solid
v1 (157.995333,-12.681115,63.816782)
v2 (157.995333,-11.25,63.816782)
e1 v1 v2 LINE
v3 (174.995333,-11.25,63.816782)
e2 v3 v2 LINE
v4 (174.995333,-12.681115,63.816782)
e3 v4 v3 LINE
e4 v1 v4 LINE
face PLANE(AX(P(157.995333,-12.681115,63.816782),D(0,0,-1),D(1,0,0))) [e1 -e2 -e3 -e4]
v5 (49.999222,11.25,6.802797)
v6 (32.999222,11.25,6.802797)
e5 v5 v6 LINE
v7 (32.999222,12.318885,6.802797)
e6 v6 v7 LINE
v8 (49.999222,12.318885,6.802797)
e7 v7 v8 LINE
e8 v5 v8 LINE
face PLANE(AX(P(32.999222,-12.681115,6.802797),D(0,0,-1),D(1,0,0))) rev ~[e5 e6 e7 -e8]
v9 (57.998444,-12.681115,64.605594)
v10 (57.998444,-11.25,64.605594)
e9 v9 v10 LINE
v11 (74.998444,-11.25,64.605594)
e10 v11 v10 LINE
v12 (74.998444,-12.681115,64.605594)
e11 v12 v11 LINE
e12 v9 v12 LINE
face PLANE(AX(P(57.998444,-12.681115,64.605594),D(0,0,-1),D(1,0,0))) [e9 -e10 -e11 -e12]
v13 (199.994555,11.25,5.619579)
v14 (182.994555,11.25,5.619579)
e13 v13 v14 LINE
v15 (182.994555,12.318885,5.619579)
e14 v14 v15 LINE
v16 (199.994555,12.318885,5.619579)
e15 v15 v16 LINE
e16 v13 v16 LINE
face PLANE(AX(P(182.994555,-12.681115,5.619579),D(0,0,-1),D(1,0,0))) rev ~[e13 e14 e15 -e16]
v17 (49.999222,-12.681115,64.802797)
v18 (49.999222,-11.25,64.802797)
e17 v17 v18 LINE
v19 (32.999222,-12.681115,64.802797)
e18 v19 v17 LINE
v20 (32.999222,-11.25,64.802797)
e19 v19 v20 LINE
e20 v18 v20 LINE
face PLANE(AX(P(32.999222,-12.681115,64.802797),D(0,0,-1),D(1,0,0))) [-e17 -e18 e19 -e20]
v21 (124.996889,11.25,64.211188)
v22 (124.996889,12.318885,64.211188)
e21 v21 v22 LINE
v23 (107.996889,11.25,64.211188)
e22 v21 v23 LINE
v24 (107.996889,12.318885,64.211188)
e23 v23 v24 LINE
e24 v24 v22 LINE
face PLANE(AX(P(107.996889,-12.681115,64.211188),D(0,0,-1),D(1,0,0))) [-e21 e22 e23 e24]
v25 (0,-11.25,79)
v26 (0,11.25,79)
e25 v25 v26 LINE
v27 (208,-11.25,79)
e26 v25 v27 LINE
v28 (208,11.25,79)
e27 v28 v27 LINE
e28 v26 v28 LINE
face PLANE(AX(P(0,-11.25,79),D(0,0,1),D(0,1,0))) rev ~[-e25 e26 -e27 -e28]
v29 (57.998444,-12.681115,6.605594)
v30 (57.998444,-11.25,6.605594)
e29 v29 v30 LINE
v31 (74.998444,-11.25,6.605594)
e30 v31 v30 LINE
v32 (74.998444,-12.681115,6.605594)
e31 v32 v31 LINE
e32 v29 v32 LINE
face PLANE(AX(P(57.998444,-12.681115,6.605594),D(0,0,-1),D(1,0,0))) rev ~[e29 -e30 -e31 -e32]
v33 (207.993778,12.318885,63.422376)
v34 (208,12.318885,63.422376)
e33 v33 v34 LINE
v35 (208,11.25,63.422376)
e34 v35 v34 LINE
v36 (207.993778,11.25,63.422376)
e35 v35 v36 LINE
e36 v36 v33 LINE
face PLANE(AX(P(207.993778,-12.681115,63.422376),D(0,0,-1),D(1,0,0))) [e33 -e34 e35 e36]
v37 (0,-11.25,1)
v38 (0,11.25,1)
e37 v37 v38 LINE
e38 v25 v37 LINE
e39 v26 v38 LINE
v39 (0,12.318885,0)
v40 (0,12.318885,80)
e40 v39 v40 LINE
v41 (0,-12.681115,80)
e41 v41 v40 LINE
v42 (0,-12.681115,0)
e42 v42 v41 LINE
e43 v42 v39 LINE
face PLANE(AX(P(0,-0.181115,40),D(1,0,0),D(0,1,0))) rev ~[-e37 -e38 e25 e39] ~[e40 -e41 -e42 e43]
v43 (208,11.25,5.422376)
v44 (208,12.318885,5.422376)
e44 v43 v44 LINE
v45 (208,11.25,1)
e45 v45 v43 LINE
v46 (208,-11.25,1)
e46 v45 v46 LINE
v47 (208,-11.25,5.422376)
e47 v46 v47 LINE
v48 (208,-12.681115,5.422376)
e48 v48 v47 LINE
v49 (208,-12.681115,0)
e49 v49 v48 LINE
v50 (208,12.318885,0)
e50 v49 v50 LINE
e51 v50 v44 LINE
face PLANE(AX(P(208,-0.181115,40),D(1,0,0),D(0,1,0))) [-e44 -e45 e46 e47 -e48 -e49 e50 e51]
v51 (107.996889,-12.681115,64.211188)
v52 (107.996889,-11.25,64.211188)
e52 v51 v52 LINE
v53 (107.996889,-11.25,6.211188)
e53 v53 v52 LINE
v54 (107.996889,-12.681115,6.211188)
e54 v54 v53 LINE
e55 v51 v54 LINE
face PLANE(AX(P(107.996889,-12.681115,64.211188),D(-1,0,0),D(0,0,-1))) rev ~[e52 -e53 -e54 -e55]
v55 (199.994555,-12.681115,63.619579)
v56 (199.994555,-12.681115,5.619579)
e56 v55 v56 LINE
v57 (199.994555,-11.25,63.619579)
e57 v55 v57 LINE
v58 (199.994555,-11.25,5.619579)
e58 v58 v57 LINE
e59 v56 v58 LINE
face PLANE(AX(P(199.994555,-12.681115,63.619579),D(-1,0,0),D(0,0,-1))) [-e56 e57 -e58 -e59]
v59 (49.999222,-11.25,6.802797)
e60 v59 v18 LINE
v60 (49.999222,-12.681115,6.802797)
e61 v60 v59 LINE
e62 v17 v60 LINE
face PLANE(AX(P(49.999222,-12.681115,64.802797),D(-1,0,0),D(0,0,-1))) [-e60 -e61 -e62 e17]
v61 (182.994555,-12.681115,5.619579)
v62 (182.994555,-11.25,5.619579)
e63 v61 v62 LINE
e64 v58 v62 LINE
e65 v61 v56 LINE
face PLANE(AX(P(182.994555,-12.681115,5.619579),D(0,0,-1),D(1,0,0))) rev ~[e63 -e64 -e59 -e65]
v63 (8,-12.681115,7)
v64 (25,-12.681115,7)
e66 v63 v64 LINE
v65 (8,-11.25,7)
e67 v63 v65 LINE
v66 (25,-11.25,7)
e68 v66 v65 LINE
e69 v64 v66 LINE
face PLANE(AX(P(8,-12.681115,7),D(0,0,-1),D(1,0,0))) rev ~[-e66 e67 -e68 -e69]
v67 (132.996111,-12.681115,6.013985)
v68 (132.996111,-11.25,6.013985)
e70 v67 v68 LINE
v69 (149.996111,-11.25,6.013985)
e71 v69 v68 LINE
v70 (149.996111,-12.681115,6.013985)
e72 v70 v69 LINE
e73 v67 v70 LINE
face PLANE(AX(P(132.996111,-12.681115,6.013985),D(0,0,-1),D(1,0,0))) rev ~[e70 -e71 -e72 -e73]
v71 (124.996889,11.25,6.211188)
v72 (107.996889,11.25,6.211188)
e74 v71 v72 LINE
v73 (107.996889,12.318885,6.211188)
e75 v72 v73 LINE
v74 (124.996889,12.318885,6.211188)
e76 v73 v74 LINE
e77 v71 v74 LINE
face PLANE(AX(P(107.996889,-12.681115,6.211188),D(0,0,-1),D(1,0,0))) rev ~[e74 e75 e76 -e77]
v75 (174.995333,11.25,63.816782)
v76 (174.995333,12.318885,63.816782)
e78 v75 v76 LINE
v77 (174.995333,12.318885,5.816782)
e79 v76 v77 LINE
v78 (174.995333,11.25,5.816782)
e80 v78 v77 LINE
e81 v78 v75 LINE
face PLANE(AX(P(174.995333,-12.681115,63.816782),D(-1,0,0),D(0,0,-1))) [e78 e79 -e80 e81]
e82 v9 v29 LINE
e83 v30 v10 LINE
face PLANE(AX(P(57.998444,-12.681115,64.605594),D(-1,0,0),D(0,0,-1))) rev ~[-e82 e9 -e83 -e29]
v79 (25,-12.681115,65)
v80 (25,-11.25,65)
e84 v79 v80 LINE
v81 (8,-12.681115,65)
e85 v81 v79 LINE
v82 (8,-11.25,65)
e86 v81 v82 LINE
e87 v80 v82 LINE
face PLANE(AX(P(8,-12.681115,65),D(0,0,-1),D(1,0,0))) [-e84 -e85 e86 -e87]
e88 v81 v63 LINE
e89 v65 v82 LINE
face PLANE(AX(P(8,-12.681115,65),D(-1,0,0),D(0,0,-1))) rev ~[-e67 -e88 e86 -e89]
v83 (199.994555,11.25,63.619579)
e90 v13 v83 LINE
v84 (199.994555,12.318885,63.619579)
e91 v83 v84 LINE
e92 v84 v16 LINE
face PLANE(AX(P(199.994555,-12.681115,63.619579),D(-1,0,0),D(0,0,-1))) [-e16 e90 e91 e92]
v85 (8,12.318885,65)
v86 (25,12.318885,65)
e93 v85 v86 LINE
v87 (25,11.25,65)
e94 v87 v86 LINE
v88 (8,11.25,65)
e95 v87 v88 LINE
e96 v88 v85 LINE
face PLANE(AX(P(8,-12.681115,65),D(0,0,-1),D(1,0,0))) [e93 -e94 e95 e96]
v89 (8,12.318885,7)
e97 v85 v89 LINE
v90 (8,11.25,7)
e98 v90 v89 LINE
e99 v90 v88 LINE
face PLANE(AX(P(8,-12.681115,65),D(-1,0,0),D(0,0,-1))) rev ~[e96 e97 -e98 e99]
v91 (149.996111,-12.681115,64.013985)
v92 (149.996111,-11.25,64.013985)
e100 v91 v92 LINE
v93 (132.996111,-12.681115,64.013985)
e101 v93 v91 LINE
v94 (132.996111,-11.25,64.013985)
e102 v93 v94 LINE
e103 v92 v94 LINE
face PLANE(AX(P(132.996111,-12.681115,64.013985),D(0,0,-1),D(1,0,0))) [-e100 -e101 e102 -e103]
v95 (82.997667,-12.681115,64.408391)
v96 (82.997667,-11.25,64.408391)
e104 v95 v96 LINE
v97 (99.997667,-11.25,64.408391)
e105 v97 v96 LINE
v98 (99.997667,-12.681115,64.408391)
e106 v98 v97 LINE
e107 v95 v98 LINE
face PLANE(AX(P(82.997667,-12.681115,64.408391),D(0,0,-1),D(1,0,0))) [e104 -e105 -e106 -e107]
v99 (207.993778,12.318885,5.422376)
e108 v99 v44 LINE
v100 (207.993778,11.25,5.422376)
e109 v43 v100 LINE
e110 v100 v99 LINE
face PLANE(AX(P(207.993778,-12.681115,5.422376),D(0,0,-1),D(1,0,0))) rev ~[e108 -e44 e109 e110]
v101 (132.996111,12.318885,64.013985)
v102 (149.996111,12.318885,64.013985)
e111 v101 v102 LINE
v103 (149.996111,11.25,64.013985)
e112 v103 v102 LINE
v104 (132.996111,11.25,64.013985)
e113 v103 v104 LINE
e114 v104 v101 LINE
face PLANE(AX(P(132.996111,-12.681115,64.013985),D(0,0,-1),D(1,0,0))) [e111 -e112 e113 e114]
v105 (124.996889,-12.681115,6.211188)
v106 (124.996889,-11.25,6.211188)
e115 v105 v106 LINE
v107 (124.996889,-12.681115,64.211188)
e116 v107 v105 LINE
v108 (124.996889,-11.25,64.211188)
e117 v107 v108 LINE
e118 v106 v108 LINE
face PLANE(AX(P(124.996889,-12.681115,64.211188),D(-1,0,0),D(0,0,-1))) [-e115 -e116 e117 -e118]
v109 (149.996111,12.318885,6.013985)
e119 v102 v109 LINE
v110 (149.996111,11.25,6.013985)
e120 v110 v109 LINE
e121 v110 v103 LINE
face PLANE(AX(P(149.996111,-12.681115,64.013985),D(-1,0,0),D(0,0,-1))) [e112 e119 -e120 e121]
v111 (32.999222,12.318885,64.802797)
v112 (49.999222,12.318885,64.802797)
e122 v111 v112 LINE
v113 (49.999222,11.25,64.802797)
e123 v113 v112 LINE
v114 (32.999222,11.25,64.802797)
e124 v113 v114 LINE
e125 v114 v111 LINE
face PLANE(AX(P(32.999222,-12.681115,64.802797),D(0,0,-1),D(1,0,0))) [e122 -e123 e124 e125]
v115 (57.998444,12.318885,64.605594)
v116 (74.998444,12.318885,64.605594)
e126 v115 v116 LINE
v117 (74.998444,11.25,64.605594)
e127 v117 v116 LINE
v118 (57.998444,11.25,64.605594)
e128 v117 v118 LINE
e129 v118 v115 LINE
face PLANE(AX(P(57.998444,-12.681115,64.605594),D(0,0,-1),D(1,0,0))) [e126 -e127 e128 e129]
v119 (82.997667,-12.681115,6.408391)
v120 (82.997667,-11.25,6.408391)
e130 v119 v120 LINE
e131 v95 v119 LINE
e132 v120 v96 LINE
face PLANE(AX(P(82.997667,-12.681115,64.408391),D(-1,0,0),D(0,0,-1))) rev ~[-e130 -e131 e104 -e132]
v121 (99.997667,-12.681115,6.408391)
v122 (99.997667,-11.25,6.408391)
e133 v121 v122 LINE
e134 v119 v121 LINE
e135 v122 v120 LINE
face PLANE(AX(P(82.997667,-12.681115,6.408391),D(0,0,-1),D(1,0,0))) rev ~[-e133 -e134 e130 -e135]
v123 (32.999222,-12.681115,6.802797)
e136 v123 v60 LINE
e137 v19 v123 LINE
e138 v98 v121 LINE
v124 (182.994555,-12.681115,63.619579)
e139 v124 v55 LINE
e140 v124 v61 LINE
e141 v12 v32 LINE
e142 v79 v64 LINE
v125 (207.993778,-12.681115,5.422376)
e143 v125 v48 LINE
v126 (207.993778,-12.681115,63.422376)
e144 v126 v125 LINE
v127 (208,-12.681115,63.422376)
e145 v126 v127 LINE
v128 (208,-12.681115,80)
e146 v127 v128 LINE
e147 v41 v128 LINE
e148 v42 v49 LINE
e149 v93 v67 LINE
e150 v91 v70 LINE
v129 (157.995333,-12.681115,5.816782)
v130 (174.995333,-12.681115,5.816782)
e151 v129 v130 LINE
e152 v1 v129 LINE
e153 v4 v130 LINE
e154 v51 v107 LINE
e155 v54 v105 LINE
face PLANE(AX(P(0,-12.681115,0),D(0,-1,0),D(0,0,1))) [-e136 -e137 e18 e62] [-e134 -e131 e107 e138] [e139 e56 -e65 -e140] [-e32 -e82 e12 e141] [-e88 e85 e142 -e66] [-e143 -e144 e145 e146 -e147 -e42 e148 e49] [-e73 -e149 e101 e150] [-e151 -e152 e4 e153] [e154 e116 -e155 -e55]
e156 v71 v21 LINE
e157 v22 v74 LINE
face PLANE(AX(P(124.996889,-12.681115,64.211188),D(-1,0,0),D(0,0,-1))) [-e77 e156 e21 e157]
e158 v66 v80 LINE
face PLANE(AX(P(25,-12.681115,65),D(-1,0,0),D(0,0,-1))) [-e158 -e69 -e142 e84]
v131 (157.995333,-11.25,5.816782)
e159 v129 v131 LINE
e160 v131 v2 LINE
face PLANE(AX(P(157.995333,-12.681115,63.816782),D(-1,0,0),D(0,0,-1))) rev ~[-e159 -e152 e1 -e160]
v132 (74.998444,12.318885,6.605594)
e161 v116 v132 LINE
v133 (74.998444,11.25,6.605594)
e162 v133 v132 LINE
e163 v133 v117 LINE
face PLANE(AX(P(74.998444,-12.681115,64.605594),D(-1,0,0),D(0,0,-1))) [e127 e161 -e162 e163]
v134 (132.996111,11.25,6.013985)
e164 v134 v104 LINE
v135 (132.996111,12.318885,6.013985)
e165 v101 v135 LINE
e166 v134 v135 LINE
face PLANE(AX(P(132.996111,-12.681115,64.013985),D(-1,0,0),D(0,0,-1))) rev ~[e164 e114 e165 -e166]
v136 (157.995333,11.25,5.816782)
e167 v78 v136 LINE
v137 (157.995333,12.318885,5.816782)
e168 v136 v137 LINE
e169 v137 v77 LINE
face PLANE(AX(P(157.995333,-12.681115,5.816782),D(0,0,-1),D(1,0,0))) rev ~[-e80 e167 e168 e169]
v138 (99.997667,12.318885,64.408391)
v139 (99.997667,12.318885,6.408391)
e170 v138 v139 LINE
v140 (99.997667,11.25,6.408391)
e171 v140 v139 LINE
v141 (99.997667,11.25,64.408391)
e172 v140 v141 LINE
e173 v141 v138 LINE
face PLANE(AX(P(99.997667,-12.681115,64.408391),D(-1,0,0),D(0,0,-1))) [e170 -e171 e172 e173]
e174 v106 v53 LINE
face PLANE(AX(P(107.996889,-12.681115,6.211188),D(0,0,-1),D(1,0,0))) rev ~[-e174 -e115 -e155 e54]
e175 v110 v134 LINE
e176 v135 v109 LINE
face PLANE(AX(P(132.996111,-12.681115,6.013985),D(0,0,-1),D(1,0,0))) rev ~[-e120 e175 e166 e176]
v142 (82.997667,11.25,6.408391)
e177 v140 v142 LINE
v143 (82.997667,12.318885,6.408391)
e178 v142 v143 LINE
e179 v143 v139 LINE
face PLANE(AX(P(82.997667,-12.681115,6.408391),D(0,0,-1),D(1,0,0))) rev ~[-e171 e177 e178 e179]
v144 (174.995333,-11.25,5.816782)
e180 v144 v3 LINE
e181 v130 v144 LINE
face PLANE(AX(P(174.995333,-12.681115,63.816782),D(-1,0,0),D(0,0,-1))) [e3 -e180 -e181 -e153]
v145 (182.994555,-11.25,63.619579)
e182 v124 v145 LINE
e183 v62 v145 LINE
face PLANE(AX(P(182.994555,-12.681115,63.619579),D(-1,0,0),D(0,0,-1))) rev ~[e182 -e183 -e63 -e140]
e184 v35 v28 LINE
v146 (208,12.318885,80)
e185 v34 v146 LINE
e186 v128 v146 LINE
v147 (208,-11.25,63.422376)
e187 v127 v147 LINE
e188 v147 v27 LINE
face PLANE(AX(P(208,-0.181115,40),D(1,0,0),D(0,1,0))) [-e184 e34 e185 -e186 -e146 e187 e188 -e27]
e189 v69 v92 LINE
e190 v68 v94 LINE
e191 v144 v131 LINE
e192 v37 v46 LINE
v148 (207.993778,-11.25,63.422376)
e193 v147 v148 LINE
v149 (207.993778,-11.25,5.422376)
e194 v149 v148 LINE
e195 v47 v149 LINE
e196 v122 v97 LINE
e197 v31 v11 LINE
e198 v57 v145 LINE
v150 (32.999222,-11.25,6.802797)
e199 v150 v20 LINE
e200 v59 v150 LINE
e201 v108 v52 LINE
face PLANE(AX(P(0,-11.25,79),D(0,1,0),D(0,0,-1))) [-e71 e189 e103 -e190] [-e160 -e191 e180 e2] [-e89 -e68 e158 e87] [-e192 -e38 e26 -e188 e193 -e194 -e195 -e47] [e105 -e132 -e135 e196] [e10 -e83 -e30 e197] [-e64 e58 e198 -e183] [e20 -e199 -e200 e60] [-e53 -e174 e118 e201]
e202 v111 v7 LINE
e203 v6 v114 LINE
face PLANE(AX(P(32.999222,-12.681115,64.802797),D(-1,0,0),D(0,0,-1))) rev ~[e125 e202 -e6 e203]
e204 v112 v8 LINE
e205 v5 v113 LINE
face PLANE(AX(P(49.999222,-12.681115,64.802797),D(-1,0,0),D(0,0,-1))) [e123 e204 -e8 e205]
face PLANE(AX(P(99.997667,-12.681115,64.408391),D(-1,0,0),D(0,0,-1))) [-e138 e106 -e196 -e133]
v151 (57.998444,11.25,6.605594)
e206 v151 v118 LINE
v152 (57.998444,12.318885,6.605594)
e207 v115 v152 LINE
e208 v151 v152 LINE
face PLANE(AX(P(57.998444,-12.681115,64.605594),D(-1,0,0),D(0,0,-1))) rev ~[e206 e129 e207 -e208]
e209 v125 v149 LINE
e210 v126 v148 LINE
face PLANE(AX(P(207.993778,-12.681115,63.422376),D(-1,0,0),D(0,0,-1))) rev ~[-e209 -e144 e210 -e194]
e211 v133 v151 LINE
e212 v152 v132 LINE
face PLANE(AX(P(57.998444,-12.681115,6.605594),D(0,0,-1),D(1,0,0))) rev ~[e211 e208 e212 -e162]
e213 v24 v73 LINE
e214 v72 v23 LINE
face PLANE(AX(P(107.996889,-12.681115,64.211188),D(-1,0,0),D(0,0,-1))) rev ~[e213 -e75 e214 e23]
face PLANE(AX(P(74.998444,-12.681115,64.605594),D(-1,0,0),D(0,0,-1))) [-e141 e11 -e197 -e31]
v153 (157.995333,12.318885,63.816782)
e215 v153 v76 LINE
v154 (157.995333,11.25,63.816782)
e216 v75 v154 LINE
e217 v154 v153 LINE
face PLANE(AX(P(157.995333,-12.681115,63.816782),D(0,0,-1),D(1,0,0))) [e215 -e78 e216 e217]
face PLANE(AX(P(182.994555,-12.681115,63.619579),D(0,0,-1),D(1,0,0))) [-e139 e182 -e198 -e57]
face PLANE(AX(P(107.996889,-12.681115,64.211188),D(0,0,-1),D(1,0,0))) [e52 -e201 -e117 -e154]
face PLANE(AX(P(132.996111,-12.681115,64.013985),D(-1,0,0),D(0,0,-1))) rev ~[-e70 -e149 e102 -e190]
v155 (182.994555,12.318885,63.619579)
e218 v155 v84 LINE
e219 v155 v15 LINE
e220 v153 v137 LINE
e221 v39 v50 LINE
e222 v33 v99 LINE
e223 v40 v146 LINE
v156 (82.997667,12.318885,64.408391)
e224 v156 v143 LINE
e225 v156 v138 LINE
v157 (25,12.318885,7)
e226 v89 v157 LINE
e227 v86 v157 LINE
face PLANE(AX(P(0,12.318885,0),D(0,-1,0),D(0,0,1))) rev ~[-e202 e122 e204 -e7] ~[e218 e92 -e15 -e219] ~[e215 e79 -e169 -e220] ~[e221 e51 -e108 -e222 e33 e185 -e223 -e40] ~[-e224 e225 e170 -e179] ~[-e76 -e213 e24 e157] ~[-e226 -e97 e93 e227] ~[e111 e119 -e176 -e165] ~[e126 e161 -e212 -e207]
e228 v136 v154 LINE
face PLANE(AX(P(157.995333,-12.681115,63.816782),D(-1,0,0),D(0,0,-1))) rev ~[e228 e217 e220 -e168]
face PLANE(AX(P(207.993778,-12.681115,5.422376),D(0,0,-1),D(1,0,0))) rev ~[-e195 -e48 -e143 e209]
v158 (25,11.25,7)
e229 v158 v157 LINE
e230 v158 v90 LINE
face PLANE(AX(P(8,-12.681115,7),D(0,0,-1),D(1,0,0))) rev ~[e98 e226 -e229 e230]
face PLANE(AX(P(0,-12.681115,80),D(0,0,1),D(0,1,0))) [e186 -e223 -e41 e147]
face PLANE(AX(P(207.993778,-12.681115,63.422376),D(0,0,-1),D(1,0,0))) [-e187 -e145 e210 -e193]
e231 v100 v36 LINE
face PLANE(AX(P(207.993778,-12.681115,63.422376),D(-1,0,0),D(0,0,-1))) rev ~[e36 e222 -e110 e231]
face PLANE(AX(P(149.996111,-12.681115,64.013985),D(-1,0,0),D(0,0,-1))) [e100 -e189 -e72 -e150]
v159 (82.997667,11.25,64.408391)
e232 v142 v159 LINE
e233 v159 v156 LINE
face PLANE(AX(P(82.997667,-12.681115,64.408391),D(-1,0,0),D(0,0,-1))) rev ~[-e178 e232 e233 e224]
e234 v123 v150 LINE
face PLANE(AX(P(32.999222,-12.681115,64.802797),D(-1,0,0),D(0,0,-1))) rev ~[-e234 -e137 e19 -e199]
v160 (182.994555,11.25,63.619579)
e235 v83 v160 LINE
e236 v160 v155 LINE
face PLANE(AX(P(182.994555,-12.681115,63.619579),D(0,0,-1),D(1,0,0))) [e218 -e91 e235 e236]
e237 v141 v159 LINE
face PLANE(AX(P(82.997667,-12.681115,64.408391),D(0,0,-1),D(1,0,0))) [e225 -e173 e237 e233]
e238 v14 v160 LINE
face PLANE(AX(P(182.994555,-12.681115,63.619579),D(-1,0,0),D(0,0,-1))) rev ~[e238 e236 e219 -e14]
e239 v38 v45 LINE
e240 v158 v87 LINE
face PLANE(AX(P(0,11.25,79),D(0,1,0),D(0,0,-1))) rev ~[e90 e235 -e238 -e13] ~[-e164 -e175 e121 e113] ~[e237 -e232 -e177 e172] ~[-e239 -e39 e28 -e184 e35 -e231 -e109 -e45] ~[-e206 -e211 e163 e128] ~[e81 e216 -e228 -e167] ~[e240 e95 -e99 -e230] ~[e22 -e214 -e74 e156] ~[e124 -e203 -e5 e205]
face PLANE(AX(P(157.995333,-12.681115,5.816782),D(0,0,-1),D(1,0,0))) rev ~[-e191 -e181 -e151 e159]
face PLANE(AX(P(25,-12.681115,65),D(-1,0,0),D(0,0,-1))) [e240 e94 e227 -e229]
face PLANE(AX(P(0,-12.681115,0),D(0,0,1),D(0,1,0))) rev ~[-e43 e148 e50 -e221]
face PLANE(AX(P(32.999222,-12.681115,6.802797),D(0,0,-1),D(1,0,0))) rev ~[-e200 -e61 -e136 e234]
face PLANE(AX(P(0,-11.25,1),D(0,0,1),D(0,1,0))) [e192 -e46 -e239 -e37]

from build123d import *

# Parameters (mm, degrees)
SKETCH_W        = 25
SKETCH_H        = 80
PAD_DEPTH       = 208
SKETCH001_W     = 22.5
SKETCH001_H     = 78
POCKET_DEPTH    = 1000
SKETCH002_W     = 58
SKETCH002_H     = 17
POCKET001_DEPTH = 26


with BuildPart() as part:
    # Sketch → Pad (new body)
    with BuildSketch(Plane.YZ):
        with Locations((-0.181115, 40)):
            Rectangle(SKETCH_W, SKETCH_H)
    extrude(amount=PAD_DEPTH)

    # Sketch001 (on Face5 of Pad) → Pocket (cut)
    with BuildSketch(Plane(origin=(0, 0, 0), x_dir=(0, 1, 0), z_dir=(-1, 0, 0))):
        with Locations((0, -40)):
            Rectangle(SKETCH001_W, SKETCH001_H)
    extrude(amount=-POCKET_DEPTH, mode=Mode.SUBTRACT)

    # Sketch002 (on Face2 of Pocket) → Pocket001 (cut)
    with BuildSketch(Plane(origin=(0, -12.681115, 0), x_dir=(0, 0, -1), z_dir=(0, -1, 0))):
        with Locations((-36, 16.5)):
            Rectangle(SKETCH002_W, SKETCH002_H)
        with Locations((-35.802797, 41.499222)):
            Rectangle(SKETCH002_W, SKETCH002_H)
        with Locations((-35.605594, 66.498444)):
            Rectangle(SKETCH002_W, SKETCH002_H)
        with Locations((-35.408391, 91.497667)):
            Rectangle(SKETCH002_W, SKETCH002_H)
        with Locations((-35.211188, 116.496889)):
            Rectangle(SKETCH002_W, SKETCH002_H)
        with Locations((-35.013985, 141.496111)):
            Rectangle(SKETCH002_W, SKETCH002_H)
        with Locations((-34.816782, 166.495333)):
            Rectangle(SKETCH002_W, SKETCH002_H)
        with Locations((-34.619579, 191.494555)):
            Rectangle(SKETCH002_W, SKETCH002_H)
        with Locations((-34.422376, 216.493778)):
            Rectangle(SKETCH002_W, SKETCH002_H)
        with Locations((-34.225173, 241.493)):
            Rectangle(SKETCH002_W, SKETCH002_H)
    extrude(amount=-POCKET001_DEPTH, mode=Mode.SUBTRACT)


solid = part.part
